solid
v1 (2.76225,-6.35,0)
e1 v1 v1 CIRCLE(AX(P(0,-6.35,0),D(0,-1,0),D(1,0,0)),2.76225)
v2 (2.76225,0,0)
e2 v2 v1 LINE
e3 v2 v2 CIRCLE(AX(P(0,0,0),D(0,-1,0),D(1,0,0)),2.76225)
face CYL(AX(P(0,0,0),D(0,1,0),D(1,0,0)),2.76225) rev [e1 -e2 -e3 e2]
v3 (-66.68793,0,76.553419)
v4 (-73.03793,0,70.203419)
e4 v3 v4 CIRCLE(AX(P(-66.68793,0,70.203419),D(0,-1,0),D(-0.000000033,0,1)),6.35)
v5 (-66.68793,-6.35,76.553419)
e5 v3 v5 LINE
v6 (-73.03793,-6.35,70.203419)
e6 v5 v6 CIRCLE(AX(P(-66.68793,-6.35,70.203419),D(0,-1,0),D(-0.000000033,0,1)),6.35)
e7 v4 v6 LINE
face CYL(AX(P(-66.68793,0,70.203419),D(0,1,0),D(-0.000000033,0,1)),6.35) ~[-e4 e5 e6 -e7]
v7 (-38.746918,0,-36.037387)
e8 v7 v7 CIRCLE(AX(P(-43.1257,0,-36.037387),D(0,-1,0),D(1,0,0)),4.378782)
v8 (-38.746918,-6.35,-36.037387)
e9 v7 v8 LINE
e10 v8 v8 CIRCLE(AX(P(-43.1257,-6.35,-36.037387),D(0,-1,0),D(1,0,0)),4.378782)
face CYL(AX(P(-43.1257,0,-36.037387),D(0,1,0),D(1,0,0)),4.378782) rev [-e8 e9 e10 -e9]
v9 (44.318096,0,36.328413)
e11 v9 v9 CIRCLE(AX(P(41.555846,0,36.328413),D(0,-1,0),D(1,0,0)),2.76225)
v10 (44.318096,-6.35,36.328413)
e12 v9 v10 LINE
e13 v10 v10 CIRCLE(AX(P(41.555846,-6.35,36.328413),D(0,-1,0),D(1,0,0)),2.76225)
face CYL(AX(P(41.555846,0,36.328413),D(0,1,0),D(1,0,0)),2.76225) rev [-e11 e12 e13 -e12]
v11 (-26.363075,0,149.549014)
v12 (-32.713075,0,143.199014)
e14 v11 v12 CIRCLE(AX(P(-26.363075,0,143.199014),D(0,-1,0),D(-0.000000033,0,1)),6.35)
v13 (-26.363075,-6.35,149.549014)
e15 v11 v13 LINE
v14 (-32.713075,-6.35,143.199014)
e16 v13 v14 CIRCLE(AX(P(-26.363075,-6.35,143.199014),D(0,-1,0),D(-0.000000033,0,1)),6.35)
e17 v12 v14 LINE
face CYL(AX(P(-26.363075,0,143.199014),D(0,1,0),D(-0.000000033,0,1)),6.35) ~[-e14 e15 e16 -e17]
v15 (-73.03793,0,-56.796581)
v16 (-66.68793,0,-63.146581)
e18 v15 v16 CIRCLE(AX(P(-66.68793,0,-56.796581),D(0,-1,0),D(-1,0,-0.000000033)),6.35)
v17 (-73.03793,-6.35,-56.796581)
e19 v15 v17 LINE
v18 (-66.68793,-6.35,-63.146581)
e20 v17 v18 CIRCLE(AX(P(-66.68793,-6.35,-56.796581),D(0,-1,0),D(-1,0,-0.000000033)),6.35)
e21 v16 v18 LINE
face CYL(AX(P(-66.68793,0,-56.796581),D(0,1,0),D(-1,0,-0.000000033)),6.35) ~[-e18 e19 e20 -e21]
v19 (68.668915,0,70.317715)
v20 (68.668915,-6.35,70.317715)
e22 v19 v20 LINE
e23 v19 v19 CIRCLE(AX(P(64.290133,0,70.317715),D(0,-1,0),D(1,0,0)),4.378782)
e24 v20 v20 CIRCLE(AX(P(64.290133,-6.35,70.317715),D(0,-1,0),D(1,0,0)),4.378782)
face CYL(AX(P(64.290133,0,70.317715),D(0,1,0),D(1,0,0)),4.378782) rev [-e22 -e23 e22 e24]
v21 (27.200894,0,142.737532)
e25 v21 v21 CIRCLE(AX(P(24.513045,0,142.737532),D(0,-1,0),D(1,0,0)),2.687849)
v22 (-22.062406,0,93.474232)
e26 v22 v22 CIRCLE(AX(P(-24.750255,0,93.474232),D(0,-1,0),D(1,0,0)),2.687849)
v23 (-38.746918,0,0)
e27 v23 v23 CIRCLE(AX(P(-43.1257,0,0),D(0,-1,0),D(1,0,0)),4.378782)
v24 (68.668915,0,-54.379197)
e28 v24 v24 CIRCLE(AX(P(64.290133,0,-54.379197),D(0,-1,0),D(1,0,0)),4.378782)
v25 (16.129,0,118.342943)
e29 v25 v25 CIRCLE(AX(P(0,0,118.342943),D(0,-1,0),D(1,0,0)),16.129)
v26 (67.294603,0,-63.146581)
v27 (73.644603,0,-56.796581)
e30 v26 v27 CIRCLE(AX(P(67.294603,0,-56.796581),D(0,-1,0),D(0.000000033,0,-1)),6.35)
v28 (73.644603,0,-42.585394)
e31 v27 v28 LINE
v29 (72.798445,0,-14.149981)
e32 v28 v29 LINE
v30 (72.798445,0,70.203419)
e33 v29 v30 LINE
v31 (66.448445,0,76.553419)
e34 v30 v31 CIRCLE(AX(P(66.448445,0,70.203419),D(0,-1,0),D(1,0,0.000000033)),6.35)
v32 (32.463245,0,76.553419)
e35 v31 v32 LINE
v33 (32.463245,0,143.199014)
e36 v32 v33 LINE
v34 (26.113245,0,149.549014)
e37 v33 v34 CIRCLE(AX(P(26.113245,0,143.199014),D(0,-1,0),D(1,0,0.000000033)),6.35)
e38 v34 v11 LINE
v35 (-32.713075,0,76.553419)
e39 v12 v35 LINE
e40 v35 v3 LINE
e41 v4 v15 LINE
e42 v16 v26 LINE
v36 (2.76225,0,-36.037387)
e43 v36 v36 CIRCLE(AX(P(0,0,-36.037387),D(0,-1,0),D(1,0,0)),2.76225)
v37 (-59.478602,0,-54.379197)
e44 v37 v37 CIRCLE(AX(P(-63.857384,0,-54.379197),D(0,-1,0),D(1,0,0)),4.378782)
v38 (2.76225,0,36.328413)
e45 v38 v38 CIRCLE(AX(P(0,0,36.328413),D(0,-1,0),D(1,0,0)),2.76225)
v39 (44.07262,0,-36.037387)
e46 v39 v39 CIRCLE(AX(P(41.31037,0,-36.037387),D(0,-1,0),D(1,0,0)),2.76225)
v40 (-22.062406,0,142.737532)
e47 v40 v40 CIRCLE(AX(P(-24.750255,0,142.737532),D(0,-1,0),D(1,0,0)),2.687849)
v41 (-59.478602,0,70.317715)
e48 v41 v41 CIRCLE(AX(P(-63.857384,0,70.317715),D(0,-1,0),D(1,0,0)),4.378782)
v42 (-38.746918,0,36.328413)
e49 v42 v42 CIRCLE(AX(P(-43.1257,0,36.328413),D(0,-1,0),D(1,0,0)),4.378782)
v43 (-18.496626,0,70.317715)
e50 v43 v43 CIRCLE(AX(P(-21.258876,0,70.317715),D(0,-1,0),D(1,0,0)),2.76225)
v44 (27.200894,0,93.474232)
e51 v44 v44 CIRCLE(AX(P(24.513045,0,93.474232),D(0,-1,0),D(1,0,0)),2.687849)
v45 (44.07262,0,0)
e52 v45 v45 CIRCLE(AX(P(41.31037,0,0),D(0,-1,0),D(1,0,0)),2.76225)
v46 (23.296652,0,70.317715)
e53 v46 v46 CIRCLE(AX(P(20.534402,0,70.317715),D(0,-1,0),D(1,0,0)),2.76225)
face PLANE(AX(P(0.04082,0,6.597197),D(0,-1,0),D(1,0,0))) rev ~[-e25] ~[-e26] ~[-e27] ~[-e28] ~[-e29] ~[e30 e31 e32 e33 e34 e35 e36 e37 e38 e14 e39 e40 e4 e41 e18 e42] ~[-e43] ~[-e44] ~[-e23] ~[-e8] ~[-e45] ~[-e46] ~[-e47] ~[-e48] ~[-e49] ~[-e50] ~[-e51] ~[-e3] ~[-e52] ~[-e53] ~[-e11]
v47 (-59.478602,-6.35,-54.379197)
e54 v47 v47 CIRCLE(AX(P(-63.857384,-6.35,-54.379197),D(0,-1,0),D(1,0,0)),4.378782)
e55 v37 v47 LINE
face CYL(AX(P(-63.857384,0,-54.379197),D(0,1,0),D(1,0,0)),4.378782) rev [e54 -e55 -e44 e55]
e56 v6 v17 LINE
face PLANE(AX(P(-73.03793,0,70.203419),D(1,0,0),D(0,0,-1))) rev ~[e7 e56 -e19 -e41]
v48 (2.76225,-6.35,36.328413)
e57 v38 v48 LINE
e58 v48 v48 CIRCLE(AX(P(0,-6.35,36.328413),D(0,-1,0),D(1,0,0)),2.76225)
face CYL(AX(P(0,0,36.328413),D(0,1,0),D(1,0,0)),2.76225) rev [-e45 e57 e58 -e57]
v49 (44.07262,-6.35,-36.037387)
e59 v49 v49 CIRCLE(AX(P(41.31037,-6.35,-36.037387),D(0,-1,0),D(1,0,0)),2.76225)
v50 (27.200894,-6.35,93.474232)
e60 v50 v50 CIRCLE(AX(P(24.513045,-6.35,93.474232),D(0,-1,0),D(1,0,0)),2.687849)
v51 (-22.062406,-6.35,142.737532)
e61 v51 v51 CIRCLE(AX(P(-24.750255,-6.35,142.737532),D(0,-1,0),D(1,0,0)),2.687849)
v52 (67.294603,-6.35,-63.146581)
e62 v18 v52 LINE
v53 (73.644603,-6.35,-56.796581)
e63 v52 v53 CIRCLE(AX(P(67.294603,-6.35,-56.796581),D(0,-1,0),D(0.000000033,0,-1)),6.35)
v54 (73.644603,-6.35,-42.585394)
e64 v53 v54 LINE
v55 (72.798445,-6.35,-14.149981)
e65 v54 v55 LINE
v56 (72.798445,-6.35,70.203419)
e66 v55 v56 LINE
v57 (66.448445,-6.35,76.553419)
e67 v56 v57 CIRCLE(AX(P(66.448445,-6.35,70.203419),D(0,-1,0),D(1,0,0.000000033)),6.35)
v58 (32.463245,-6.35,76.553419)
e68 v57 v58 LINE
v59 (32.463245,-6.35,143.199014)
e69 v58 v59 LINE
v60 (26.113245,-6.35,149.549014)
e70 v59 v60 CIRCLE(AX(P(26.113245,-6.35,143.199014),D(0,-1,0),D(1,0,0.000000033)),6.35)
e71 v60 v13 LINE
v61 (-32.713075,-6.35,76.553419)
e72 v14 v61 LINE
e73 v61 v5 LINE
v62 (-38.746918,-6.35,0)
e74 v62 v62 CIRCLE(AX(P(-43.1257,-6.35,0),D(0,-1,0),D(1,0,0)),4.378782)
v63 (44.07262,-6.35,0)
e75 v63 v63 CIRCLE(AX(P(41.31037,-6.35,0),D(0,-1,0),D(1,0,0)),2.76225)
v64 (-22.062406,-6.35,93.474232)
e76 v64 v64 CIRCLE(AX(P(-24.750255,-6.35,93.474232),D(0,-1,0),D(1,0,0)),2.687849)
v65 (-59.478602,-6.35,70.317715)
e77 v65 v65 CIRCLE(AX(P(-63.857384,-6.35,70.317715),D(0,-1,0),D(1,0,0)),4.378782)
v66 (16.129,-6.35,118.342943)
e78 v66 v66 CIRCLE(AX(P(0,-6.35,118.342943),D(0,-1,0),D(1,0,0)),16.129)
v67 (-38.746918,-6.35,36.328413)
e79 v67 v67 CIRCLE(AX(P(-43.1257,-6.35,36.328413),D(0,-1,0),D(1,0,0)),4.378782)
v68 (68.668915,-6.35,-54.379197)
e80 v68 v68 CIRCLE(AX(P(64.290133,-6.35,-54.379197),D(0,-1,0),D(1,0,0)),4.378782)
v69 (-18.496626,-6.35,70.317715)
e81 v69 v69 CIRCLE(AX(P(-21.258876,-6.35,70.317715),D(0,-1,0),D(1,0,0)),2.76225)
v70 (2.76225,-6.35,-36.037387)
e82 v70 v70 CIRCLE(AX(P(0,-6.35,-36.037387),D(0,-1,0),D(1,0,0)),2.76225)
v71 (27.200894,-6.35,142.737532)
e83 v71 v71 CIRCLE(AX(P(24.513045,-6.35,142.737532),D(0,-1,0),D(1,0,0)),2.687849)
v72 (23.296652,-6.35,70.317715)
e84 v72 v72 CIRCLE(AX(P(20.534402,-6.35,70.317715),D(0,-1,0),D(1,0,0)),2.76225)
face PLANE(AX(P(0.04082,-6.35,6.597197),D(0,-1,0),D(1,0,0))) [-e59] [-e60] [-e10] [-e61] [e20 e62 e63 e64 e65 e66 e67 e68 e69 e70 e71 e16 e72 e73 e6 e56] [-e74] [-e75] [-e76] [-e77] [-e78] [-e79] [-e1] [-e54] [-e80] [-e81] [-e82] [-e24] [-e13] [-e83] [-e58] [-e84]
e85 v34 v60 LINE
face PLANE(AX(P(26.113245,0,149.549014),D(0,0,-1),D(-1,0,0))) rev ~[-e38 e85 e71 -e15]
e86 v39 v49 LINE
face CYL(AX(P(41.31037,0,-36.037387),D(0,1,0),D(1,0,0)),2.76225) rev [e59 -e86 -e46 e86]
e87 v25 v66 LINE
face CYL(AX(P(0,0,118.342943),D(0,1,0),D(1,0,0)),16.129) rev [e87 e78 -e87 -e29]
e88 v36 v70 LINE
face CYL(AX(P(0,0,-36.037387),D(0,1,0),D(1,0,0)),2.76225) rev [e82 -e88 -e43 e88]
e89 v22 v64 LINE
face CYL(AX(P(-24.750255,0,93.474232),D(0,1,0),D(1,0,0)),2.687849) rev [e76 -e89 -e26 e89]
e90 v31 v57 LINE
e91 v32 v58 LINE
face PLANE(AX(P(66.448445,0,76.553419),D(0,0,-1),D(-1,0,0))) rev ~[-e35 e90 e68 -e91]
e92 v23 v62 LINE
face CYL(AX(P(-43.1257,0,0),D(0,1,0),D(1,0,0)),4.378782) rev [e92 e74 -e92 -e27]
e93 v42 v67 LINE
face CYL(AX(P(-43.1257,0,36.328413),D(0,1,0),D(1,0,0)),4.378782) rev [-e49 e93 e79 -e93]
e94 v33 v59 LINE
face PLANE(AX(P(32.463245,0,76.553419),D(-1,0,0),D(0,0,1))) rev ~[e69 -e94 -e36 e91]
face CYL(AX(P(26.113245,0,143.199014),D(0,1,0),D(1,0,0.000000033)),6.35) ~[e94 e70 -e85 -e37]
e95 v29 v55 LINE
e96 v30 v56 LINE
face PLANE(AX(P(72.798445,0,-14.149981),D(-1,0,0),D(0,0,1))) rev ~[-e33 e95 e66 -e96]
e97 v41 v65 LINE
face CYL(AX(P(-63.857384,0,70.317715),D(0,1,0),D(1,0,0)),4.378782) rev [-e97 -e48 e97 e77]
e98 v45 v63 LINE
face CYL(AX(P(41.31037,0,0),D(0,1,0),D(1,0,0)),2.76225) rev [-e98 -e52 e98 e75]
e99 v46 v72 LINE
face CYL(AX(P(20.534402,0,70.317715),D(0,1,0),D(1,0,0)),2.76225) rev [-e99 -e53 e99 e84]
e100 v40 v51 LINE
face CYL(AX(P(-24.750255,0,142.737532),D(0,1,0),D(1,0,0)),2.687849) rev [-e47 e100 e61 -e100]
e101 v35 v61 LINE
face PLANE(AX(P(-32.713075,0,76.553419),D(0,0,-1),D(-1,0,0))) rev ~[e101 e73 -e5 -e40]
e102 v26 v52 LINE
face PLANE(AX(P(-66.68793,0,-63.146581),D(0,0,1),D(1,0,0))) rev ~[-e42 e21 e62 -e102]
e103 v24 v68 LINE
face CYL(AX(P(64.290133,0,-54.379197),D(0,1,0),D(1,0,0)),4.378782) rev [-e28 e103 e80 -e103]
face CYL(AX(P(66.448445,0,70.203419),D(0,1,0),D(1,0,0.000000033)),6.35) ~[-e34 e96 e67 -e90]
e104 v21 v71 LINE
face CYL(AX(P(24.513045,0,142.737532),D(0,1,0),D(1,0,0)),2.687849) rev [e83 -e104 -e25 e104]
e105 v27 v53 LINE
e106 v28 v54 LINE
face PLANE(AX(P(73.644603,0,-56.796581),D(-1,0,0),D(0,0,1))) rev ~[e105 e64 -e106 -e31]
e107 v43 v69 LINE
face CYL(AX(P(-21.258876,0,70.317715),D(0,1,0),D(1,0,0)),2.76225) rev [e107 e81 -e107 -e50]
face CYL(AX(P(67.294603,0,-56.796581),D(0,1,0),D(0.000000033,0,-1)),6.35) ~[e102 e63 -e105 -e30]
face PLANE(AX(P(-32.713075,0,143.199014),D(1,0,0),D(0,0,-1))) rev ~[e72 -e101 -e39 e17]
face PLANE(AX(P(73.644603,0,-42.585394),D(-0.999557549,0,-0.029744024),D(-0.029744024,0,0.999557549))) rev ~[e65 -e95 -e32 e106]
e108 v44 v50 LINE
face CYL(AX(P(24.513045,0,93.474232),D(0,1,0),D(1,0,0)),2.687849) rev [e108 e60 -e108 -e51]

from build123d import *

# Parameters (mm, degrees)
F0_R     = 4.378782
F0_R_2   = 2.76225
F0_R_3   = 2.687849
F0_R_4   = 16.129
F1_DEPTH = 6.35


with BuildPart() as f1:
    # F0 (on Front) → F1 (new body)
    with BuildSketch(Plane.XZ):
        with BuildLine():
            ThreePointArc((72.798445, 70.203419), (70.938573, 74.693547), (66.448445, 76.553419))
            Line((66.448445, 76.553419), (32.463245, 76.553419))
            Line((32.463245, 76.553419), (-32.713075, 76.553419))
            Line((-32.713075, 76.553419), (-66.68793, 76.553419))
            ThreePointArc((-66.68793, 76.553419), (-71.178058, 74.693547), (-73.03793, 70.203419))
            Line((-73.03793, 70.203419), (-73.03793, -14.149981))
            Line((-73.03793, -14.149981), (-73.03793, -42.597981))
            Line((-73.03793, -42.597981), (-73.03793, -56.796581))
            ThreePointArc((-73.03793, -56.796581), (-71.178058, -61.286709), (-66.68793, -63.146581))
            Line((-66.68793, -63.146581), (67.294603, -63.146581))
            ThreePointArc((67.294603, -63.146581), (71.784731, -61.286709), (73.644603, -56.796581))
            Line((73.644603, -56.796581), (73.644603, -42.585394))
            Line((73.644603, -42.585394), (72.798445, -14.149981))
            Line((72.798445, -14.149981), (72.798445, 70.203419))
        make_face()
        with Locations((-63.857384, -54.379197)):
            Circle(F0_R, mode=Mode.SUBTRACT)
        with Locations((-43.1257, -36.037387)):
            Circle(F0_R, mode=Mode.SUBTRACT)
        with Locations((0, -36.037387)):
            Circle(F0_R_2, mode=Mode.SUBTRACT)
        with Locations((-43.1257, 0)):
            Circle(F0_R, mode=Mode.SUBTRACT)
        with Locations((-43.1257, 36.328413)):
            Circle(F0_R, mode=Mode.SUBTRACT)
        Circle(F0_R_2, mode=Mode.SUBTRACT)
        with Locations((0, 36.328413)):
            Circle(F0_R_2, mode=Mode.SUBTRACT)
        with Locations((64.290133, -54.379197)):
            Circle(F0_R, mode=Mode.SUBTRACT)
        with Locations((41.31037, -36.037387)):
            Circle(F0_R_2, mode=Mode.SUBTRACT)
        with Locations((41.31037, 0)):
            Circle(F0_R_2, mode=Mode.SUBTRACT)
        with Locations((41.555846, 36.328413)):
            Circle(F0_R_2, mode=Mode.SUBTRACT)
        with Locations((-63.857384, 70.317715)):
            Circle(F0_R, mode=Mode.SUBTRACT)
        with Locations((-21.258876, 70.317715)):
            Circle(F0_R_2, mode=Mode.SUBTRACT)
        with Locations((20.534402, 70.317715)):
            Circle(F0_R_2, mode=Mode.SUBTRACT)
        with Locations((64.290133, 70.317715)):
            Circle(F0_R, mode=Mode.SUBTRACT)
        with BuildLine():
            Line((-32.713075, 76.553419), (32.463245, 76.553419))
            Line((32.463245, 76.553419), (32.463245, 143.199014))
            ThreePointArc((32.463245, 143.199014), (30.603373, 147.689142), (26.113245, 149.549014))
            Line((26.113245, 149.549014), (-26.363075, 149.549014))
            ThreePointArc((-26.363075, 149.549014), (-30.853203, 147.689142), (-32.713075, 143.199014))
            Line((-32.713075, 143.199014), (-32.713075, 76.553419))
        make_face()
        with Locations((-24.750255, 93.474232)):
            Circle(F0_R_3, mode=Mode.SUBTRACT)
        with Locations((0, 118.342943)):
            Circle(F0_R_4, mode=Mode.SUBTRACT)
        with Locations((-24.750255, 142.737532)):
            Circle(F0_R_3, mode=Mode.SUBTRACT)
        with Locations((24.513045, 93.474232)):
            Circle(F0_R_3, mode=Mode.SUBTRACT)
        with Locations((24.513045, 142.737532)):
            Circle(F0_R_3, mode=Mode.SUBTRACT)
    extrude(amount=F1_DEPTH)


solid = f1.part
